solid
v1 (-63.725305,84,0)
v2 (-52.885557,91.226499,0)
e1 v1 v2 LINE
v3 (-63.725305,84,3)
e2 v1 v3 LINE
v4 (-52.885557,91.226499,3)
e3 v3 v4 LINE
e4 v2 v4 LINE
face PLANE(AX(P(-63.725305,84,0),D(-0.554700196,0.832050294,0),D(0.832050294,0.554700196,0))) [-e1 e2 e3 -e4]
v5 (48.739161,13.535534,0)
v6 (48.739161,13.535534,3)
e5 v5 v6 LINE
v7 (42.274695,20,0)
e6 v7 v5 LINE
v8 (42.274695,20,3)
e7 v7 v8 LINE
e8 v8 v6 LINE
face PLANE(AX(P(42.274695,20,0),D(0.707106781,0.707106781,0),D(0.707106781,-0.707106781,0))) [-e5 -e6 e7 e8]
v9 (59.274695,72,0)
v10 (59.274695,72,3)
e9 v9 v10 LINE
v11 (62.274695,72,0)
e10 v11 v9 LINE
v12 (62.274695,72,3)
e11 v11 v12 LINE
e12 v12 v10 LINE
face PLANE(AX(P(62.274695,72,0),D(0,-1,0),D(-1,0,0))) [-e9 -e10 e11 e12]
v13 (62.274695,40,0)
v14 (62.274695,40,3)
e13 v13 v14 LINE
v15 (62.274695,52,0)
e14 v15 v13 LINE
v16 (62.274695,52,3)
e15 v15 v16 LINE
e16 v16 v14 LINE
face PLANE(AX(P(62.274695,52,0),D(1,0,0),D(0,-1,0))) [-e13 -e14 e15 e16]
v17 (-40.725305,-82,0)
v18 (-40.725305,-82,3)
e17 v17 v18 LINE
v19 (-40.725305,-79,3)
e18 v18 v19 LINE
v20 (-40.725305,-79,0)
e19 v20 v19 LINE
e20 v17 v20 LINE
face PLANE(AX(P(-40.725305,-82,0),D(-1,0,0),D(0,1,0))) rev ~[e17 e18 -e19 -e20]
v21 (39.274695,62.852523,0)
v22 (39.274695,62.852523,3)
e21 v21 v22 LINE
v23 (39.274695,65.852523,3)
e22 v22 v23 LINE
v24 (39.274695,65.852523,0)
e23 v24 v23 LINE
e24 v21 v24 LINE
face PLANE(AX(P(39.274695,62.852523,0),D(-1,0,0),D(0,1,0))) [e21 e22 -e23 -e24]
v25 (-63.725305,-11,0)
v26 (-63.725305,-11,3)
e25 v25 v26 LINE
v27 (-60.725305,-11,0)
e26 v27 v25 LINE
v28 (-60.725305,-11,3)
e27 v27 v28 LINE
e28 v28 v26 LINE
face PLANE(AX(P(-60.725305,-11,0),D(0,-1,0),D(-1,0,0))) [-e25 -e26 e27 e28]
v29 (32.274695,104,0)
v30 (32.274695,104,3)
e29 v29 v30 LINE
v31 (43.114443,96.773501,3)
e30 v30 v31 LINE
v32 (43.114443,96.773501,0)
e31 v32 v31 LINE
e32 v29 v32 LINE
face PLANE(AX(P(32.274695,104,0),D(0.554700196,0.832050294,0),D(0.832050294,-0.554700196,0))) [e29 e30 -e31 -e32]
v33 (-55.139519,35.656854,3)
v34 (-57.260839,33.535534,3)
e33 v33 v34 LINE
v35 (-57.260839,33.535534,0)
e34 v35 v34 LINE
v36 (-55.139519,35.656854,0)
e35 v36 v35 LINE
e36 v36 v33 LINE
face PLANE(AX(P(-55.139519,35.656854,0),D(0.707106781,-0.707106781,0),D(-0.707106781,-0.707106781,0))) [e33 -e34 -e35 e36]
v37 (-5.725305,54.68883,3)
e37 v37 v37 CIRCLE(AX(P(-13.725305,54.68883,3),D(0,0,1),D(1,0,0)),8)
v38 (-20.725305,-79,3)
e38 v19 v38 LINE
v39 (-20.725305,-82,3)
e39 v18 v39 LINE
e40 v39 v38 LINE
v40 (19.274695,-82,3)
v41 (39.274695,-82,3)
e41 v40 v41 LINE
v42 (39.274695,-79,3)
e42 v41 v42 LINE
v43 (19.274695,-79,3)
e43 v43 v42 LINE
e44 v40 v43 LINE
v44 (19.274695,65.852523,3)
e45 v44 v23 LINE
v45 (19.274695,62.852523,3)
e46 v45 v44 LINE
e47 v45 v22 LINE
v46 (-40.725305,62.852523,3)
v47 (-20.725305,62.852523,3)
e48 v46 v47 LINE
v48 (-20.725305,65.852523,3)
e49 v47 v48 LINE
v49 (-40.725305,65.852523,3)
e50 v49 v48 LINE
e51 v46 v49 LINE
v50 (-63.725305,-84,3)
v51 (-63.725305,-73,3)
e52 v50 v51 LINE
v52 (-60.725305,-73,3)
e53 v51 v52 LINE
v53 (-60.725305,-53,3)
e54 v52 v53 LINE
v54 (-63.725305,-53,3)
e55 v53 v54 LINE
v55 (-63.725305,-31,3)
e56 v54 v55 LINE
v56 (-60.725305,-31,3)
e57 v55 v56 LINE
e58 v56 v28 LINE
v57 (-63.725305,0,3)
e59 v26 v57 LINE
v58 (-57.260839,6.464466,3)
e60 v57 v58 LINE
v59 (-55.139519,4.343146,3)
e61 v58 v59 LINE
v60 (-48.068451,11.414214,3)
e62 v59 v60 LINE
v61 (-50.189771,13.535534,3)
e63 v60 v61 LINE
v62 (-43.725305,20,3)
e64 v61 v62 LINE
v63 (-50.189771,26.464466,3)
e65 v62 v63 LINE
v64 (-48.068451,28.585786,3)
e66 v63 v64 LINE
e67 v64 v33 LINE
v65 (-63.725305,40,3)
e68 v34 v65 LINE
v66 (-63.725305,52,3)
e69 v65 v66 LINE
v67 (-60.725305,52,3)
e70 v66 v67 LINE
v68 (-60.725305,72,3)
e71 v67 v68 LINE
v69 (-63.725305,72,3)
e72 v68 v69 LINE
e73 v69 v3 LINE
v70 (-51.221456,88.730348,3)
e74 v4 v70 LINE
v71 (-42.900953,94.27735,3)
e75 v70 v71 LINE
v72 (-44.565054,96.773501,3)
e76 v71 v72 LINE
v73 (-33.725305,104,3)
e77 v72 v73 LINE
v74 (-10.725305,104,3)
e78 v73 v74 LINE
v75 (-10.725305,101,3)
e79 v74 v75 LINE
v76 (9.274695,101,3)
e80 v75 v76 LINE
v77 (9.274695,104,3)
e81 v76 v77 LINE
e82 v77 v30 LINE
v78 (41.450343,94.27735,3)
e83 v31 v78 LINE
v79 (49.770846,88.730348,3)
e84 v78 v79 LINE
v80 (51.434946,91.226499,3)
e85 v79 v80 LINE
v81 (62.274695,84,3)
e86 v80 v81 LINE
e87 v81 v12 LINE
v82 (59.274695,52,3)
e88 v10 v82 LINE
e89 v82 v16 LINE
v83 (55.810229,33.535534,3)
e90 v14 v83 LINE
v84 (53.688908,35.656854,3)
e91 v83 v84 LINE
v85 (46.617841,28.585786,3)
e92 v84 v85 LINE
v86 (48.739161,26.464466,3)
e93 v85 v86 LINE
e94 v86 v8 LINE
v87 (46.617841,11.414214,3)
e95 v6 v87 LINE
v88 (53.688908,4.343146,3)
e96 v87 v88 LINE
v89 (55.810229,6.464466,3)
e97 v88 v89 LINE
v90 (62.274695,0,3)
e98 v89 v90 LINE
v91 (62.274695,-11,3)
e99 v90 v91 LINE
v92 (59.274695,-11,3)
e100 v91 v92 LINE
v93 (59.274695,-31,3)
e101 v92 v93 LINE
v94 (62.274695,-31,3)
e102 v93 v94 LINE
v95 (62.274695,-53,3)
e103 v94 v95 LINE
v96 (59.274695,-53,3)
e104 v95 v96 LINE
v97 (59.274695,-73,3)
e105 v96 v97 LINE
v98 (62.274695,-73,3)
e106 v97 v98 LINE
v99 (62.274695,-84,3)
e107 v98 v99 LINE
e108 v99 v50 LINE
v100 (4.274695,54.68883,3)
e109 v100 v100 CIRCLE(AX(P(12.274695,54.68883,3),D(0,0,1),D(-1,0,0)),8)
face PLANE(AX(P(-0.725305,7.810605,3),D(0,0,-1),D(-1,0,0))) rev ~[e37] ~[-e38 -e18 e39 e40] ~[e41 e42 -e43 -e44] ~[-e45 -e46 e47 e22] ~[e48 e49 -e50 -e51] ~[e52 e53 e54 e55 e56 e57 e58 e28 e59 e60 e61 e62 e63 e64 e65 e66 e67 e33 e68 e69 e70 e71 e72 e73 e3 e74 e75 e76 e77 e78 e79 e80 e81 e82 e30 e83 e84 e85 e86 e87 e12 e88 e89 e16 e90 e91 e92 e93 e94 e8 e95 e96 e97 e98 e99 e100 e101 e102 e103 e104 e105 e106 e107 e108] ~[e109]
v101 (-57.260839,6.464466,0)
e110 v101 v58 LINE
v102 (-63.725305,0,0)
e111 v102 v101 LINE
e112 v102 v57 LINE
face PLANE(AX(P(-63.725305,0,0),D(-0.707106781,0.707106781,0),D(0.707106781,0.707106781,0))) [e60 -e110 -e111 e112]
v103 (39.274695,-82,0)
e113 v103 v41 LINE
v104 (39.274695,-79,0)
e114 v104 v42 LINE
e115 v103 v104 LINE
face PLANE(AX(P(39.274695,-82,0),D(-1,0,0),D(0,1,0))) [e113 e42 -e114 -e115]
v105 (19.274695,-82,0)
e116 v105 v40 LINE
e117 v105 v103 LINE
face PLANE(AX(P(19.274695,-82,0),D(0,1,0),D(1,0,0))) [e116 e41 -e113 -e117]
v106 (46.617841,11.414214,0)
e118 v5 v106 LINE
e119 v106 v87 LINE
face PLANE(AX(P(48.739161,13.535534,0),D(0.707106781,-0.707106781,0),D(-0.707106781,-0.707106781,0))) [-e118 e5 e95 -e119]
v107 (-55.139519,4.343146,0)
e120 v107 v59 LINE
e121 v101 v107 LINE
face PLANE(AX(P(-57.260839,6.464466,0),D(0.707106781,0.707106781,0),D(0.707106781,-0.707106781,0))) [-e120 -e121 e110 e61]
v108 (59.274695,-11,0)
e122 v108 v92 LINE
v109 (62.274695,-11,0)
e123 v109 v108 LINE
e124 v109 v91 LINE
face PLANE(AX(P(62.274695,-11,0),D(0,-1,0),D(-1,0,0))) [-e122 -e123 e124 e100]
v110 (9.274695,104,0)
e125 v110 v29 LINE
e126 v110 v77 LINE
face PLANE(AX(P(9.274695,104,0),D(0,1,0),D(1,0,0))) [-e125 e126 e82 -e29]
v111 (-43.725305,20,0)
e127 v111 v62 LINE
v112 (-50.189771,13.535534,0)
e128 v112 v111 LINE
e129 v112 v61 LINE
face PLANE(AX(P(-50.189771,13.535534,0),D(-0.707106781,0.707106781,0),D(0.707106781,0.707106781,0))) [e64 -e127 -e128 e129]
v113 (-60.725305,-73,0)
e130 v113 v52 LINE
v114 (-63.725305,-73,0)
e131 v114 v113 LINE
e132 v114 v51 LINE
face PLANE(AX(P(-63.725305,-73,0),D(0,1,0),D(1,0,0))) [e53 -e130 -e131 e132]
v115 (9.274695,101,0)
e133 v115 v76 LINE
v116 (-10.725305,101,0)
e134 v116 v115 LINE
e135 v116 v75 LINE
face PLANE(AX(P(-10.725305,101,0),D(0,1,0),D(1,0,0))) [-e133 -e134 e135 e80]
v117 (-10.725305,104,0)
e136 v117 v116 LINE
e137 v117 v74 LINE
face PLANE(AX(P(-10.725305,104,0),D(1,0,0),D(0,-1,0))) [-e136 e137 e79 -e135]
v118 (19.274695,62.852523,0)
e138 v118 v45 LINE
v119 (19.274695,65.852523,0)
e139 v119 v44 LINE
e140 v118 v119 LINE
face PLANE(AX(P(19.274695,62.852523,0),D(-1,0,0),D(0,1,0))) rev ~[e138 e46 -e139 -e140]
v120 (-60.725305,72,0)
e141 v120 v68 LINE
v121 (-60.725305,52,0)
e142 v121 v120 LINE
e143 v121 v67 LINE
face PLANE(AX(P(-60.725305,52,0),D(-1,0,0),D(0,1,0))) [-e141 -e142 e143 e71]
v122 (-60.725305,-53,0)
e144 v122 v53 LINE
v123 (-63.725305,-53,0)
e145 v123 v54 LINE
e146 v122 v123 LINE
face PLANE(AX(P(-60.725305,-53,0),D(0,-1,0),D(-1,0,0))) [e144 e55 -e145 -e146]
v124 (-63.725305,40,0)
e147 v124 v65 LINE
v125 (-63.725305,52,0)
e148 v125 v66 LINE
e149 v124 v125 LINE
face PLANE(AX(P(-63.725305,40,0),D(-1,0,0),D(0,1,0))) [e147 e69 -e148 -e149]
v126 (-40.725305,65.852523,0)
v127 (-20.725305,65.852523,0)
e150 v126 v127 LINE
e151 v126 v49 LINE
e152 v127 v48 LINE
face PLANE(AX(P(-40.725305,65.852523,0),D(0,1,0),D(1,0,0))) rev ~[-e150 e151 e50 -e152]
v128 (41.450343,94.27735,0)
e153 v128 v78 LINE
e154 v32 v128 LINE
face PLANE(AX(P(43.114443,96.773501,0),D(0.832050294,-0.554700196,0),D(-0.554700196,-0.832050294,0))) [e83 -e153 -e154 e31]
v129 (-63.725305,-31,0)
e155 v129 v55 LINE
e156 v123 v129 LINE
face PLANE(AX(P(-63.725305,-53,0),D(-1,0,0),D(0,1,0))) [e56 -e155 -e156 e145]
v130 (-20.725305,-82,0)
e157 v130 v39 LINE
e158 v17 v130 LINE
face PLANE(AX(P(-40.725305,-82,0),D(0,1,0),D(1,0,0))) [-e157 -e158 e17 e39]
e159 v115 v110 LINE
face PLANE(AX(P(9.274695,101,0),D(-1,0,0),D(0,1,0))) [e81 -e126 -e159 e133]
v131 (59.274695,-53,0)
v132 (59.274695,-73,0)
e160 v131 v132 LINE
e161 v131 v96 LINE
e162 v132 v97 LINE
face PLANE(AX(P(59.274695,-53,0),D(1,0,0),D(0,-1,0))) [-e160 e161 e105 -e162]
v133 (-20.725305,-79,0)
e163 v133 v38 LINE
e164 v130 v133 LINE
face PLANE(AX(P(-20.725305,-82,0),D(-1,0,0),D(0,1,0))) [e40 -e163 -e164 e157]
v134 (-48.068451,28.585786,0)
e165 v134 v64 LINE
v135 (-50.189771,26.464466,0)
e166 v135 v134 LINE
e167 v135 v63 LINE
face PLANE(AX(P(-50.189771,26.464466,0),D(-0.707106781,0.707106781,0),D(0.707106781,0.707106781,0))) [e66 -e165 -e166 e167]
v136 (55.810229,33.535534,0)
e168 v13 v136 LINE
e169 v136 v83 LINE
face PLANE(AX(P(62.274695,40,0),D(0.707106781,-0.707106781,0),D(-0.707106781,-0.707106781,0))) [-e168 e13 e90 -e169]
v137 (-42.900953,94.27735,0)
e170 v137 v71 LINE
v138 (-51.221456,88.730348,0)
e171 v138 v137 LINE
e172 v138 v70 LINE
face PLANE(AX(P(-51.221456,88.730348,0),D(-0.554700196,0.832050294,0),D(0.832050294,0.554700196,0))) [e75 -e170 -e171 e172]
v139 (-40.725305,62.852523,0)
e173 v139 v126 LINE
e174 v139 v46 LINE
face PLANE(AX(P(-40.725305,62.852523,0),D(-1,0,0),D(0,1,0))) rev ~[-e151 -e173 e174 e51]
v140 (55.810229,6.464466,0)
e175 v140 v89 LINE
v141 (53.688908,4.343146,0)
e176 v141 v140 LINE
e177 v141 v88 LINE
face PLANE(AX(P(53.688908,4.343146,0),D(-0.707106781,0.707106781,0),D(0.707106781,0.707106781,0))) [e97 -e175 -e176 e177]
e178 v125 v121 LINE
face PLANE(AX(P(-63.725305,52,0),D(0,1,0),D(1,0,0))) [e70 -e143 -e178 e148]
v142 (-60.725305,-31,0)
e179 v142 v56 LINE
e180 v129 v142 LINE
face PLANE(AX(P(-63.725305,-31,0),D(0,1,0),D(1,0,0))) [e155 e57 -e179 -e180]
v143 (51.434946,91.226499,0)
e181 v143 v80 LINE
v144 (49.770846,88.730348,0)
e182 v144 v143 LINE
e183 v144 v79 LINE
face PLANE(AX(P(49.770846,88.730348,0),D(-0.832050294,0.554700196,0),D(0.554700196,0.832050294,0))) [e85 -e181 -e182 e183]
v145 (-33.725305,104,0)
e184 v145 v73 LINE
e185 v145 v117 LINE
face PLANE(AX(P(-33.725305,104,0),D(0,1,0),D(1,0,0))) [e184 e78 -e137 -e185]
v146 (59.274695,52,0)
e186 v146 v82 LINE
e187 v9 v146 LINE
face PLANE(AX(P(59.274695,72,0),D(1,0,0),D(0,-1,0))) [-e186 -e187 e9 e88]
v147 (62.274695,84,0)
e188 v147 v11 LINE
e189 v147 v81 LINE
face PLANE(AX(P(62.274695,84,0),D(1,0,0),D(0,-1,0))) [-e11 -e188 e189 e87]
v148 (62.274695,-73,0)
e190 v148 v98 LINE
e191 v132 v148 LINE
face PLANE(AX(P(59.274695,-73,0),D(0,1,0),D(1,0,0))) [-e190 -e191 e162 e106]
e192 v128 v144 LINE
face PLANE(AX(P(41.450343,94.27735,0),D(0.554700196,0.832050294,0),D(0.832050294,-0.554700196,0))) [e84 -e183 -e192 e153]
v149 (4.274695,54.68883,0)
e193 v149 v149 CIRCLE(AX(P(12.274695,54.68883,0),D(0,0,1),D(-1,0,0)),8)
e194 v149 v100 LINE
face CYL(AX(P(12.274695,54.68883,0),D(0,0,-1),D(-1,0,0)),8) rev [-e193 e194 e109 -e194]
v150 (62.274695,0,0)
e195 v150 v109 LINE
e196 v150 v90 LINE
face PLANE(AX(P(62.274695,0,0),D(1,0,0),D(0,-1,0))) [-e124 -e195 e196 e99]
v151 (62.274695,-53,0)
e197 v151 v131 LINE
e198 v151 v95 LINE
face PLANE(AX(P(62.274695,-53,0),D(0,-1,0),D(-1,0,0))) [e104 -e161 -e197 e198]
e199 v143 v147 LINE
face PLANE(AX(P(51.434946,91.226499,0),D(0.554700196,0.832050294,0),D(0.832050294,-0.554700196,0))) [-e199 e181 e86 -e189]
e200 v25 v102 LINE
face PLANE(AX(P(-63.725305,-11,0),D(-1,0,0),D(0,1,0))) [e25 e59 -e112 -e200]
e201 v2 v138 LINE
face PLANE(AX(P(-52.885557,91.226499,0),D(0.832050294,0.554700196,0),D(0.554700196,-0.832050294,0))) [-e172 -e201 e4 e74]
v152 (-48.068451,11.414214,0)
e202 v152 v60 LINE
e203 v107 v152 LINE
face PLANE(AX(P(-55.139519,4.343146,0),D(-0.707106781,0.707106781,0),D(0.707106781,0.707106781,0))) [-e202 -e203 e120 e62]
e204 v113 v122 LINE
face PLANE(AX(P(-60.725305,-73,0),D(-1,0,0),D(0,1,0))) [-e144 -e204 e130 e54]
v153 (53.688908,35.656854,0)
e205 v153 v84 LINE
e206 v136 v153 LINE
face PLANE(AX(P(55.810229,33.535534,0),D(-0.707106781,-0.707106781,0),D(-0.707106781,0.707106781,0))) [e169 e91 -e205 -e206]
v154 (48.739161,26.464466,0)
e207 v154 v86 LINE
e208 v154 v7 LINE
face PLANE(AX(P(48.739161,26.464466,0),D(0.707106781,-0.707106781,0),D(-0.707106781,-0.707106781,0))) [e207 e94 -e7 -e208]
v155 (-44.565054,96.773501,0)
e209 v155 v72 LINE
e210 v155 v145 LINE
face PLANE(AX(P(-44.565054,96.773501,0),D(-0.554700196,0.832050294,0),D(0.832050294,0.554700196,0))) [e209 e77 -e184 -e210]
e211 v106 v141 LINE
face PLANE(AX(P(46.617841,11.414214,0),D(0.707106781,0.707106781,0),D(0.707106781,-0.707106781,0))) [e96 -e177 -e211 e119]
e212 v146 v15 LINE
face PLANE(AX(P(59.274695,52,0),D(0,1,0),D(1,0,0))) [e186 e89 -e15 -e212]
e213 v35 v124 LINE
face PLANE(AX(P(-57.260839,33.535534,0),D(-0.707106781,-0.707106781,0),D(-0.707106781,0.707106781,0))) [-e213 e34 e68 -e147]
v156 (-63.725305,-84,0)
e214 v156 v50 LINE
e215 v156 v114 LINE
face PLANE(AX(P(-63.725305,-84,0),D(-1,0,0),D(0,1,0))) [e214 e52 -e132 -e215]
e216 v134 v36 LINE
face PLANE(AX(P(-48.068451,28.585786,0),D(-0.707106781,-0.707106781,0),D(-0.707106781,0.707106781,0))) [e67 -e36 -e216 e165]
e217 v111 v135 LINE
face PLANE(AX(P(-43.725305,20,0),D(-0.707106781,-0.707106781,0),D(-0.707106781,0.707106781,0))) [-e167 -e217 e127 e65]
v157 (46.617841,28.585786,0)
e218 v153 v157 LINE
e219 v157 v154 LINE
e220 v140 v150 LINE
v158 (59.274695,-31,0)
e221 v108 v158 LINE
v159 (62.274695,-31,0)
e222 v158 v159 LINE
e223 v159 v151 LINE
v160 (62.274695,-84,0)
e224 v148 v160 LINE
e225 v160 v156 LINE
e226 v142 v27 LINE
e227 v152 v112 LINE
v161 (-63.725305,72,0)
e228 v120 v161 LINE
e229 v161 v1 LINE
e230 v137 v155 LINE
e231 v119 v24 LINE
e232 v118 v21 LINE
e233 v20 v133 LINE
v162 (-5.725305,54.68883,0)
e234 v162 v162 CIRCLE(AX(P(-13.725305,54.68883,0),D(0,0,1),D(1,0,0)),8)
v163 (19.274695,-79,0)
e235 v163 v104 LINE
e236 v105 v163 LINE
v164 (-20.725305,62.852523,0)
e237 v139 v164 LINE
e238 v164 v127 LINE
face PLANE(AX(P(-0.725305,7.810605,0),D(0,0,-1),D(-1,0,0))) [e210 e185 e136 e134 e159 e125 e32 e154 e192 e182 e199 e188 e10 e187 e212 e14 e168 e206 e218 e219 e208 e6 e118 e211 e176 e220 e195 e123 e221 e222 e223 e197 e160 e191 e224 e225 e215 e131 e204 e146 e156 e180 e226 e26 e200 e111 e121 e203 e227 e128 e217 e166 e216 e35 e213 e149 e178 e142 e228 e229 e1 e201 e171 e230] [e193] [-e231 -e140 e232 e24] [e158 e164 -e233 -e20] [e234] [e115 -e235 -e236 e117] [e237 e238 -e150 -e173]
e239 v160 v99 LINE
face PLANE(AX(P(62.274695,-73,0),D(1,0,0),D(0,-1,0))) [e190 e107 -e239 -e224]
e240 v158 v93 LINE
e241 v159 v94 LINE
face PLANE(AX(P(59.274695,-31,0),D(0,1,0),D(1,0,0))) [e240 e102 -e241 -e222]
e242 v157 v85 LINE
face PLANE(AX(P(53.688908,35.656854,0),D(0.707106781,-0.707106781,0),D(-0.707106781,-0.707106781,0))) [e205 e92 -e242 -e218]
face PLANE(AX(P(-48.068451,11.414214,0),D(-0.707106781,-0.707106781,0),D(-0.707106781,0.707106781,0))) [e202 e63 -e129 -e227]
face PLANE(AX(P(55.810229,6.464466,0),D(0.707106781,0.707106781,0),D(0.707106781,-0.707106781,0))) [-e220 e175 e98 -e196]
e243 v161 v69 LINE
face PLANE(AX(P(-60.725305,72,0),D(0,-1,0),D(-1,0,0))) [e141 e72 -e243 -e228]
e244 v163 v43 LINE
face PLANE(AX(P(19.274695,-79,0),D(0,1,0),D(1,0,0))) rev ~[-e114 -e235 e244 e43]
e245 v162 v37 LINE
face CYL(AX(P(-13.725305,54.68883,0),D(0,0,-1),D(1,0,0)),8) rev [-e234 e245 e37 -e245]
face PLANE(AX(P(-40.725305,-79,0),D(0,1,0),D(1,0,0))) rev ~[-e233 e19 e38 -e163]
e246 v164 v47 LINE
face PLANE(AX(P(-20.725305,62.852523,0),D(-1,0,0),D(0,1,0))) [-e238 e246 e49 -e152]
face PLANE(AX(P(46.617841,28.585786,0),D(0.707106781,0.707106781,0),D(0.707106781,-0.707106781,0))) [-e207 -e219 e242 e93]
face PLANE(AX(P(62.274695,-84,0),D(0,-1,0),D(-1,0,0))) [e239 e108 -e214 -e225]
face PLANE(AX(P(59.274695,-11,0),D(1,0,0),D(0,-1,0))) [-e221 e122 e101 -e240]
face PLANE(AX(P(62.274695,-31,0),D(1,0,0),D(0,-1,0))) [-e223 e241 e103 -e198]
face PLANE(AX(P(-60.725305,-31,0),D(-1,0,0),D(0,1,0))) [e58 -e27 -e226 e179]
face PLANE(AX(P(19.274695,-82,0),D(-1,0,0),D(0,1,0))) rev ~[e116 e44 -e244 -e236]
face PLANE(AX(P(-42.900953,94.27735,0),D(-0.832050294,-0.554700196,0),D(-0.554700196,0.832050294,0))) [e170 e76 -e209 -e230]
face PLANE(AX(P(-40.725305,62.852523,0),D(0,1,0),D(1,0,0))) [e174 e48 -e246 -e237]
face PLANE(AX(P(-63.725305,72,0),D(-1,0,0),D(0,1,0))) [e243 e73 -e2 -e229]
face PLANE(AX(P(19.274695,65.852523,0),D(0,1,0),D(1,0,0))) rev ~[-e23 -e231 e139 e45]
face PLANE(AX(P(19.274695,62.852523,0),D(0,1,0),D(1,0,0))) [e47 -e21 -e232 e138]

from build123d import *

# Parameters (mm, degrees)
SKETCH1_R           = 8
SKETCH1_W           = 20
SKETCH1_H           = 3
BOSS_EXTRUDE1_DEPTH = 3


with BuildPart() as part:
    # Sketch1 → Boss-Extrude1 (new body)
    with BuildSketch(Plane.XY):
        Polygon((62.274694919, 0), (62.274694919, -11), (59.274694919, -11), (59.274694919, -31), (62.274694919, -31), (62.274694919, -53), (59.274694919, -53), (59.274694919, -73), (62.274694919, -73), (62.274694919, -84), (-63.725305081, -84), (-63.725305081, -73), (-60.725305081, -73), (-60.725305081, -53), (-63.725305081, -53), (-63.725305081, -31), (-60.725305081, -31), (-60.725305081, -11), (-63.725305081, -11), (-63.725305081, 0), (-57.260838987, 6.464466094), (-55.139518643, 4.343145751), (-48.068450831, 11.414213562), (-50.189771175, 13.535533906), (-43.725305081, 20), (-50.189771175, 26.464466094), (-48.068450831, 28.585786438), (-55.139518643, 35.656854249), (-57.260838987, 33.535533906), (-63.725305081, 40), (-63.725305081, 52), (-60.725305081, 52), (-60.725305081, 72), (-63.725305081, 72), (-63.725305081, 84), (-52.885556553, 91.226499019), (-51.221455964, 88.730348136), (-42.90095302, 94.277350098), (-44.565053609, 96.773500981), (-33.725305081, 104), (-10.725305081, 104), (-10.725305081, 101), (9.274694919, 101), (9.274694919, 104), (32.274694919, 104), (43.114443447, 96.773500981), (41.450342859, 94.277350098), (49.770845802, 88.730348136), (51.434946391, 91.226499019), (62.274694919, 84), (62.274694919, 72), (59.274694919, 72), (59.274694919, 52), (62.274694919, 52), (62.274694919, 40), (55.810228825, 33.535533906), (53.688908482, 35.656854249), (46.61784067, 28.585786438), (48.739161013, 26.464466094), (42.274694919, 20), (48.739161013, 13.535533906), (46.61784067, 11.414213562), (53.688908482, 4.343145751), (55.810228825, 6.464466094), align=None)
        with Locations((-13.725305081, 54.688830471)):
            Circle(SKETCH1_R, mode=Mode.SUBTRACT)
        with Locations(Location((12.274694919, 54.688830471, 0), (0, 0, 180))):
            Circle(SKETCH1_R, mode=Mode.SUBTRACT)
        with Locations((29.274694919, -80.5)):
            Rectangle(SKETCH1_W, SKETCH1_H, mode=Mode.SUBTRACT)
        with Locations((-30.725305081, -80.5)):
            Rectangle(SKETCH1_W, SKETCH1_H, mode=Mode.SUBTRACT)
        with Locations((29.274694919, 64.35252343)):
            Rectangle(SKETCH1_W, SKETCH1_H, mode=Mode.SUBTRACT)
        with Locations((-30.725305081, 64.35252343)):
            Rectangle(SKETCH1_W, SKETCH1_H, mode=Mode.SUBTRACT)
    extrude(amount=BOSS_EXTRUDE1_DEPTH)


solid = part.part
